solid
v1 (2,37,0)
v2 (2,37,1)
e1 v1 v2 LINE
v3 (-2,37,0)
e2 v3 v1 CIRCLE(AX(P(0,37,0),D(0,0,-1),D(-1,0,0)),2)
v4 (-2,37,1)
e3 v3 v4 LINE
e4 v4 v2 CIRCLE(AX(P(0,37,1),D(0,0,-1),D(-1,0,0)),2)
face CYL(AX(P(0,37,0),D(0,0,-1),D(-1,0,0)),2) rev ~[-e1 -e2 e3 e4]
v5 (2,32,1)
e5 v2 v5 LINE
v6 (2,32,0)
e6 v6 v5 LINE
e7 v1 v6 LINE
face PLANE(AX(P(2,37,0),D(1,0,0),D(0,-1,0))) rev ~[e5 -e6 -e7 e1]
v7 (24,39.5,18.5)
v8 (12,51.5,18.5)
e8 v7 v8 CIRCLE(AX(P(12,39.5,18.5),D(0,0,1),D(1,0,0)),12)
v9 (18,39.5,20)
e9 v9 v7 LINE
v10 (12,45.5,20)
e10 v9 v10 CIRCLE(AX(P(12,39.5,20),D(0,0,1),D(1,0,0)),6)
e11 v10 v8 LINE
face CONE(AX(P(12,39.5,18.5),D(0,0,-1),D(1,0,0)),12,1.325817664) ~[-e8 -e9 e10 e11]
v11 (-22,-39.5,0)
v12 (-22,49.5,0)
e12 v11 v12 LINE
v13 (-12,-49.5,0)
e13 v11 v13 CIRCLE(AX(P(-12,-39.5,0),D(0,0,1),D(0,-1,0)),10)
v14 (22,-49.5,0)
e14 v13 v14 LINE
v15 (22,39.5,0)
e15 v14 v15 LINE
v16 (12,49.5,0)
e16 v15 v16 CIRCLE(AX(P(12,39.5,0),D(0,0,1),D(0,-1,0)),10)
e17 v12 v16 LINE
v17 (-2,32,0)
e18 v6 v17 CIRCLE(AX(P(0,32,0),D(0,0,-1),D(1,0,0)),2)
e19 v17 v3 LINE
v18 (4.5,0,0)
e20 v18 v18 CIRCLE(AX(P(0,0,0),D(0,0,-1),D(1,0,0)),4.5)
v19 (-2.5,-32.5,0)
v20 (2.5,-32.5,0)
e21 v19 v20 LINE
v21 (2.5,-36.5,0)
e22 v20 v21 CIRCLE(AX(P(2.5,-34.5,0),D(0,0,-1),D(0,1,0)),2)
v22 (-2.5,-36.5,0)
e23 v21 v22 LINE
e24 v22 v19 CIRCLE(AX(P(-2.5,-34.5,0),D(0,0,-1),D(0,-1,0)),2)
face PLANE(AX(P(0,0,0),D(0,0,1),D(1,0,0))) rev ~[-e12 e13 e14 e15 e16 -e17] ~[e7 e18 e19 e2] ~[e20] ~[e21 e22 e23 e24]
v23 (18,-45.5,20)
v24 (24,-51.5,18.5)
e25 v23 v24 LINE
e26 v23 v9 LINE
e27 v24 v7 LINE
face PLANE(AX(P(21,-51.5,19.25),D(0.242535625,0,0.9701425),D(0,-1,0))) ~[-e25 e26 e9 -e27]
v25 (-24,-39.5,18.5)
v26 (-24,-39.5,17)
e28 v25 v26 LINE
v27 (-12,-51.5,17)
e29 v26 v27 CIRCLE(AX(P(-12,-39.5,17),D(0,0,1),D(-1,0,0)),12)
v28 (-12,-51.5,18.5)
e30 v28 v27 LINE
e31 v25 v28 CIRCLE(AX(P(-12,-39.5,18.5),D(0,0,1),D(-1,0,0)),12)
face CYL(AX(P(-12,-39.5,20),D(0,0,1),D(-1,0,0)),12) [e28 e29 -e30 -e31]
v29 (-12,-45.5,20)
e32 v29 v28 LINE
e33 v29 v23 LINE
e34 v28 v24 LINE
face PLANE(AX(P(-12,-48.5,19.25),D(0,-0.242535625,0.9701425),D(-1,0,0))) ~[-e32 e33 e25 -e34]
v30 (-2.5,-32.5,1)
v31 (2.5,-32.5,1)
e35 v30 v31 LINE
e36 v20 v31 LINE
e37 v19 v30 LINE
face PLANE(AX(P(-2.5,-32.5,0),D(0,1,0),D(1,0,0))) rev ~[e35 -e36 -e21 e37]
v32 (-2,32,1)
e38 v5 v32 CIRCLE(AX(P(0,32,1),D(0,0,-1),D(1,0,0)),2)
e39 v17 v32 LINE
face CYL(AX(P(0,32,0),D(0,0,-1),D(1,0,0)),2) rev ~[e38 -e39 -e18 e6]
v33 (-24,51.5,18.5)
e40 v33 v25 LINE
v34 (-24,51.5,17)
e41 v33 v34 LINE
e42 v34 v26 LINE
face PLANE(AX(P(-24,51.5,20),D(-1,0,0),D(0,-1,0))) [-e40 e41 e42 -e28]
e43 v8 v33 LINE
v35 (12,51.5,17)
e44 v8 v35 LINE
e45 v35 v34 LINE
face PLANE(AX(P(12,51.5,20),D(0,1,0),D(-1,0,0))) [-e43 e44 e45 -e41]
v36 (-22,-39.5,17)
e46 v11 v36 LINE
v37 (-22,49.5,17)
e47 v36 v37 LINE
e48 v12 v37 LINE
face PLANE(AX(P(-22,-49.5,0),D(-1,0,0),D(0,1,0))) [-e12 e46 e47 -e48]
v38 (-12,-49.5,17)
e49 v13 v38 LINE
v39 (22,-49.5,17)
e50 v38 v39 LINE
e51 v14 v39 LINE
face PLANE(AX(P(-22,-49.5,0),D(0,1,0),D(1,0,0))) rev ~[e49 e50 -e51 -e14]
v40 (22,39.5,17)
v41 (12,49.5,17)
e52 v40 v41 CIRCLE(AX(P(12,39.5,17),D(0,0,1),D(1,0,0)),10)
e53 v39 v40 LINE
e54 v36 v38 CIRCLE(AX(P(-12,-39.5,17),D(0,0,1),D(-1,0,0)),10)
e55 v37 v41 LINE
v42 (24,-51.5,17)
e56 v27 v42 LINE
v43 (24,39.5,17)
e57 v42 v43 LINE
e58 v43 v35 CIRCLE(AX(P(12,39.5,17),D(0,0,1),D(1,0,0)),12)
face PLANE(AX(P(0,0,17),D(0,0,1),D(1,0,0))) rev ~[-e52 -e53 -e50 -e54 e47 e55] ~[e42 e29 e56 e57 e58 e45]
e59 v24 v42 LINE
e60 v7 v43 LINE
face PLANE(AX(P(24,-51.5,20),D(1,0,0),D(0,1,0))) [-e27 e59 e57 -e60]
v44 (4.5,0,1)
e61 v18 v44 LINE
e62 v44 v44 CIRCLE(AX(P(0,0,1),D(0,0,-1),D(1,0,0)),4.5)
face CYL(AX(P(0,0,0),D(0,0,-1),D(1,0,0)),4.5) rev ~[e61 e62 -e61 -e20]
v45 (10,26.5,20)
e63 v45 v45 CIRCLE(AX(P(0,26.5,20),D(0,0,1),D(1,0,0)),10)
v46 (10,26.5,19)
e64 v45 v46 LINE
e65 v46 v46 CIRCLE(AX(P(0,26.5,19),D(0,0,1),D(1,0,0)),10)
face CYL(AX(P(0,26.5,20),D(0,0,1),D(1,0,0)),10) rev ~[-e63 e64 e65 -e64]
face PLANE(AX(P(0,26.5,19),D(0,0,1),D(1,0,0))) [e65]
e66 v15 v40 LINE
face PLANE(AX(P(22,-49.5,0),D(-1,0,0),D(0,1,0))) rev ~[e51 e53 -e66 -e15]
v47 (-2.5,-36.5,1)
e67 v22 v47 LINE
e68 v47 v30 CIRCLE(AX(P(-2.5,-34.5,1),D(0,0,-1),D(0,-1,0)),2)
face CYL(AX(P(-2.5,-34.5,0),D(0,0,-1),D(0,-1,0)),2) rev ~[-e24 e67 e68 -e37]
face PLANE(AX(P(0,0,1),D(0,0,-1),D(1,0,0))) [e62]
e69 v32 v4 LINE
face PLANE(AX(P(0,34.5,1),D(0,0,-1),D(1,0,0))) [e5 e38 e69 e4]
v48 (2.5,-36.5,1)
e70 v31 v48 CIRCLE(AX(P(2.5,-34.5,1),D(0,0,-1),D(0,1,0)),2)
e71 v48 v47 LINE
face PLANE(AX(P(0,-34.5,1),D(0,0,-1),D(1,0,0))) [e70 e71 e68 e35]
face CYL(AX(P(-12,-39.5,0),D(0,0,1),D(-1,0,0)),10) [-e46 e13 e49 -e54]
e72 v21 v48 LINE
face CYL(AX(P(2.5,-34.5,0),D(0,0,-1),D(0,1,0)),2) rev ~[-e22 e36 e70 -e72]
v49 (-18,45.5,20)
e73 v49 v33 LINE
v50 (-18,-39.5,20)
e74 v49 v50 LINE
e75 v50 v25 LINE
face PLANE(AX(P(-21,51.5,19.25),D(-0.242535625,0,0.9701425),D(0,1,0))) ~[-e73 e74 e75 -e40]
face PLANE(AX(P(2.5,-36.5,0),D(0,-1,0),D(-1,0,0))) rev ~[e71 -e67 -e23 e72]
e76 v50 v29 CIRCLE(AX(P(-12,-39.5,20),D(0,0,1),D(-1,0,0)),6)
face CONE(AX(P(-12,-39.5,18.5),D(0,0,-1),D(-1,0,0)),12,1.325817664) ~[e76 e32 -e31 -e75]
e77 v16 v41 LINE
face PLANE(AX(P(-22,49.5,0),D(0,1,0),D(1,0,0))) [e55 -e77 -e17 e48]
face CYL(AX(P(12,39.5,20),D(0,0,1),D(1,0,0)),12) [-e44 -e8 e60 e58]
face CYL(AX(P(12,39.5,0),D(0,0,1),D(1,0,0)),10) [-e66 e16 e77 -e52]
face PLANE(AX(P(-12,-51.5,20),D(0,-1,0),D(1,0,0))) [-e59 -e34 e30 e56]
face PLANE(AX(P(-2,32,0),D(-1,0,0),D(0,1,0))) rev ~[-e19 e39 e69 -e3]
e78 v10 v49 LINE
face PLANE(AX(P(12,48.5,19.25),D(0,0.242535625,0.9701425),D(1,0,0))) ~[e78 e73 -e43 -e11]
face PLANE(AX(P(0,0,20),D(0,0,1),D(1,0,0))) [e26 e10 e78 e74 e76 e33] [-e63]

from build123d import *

# Parameters (mm, degrees)
F0_W     = 44
F0_H     = 99
F1_DEPTH = 20
F2_R     = 10
F4_DEPTH = 3
F5_SIZE2 = 1.5
F5_SIZE  = 6
F6_R     = 10
F7_DEPTH = 1
F8_R     = 4.5
F9_DEPTH = 1


with BuildPart() as f1:
    # F0 (on Top) → F1 (new body)
    with BuildSketch(Plane.XY):
        Rectangle(F0_W, F0_H)
    extrude(amount=F1_DEPTH)

    # F2
    f2_edges = [f1.edges().sort_by_distance(p)[0] for p in [
        (22, 49.5, 10),
        (-22, -49.5, 10),
    ]]
    fillet(f2_edges, radius=F2_R)

    # F3 (on face) → F4 (join)
    with BuildSketch(Plane.XY.offset(20)):
        with BuildLine():
            ThreePointArc((24, 39.5), (20.4852813742, 47.9852813742), (12, 51.5))
            Line((12, 51.5), (-24, 51.5))
            Line((-24, 51.5), (-24, -39.5))
            ThreePointArc((-24, -39.5), (-20.4852813742, -47.9852813742), (-12, -51.5))
            Line((-12, -51.5), (24, -51.5))
            Line((24, -51.5), (24, 39.5))
        make_face()
    extrude(amount=-F4_DEPTH)

    # F5
    f5_edges = [f1.edges().sort_by_distance(p)[0] for p in [
        (20.485281, 47.985281, 20),
        (-6, 51.5, 20),
        (-24, 6, 20),
        (-20.485281, -47.985281, 20),
        (6, -51.5, 20),
        (24, -6, 20),
    ]]
    f5_side = f1.faces().sort_by_distance((0, 0, 20))[0]
    chamfer(f5_edges, length=F5_SIZE, length2=F5_SIZE2, reference=f5_side)

    # F6 (on face) → F7 (cut)
    with BuildSketch(Plane.XY.offset(20)):
        with Locations((0, 26.5)):
            Circle(F6_R)
    extrude(amount=-F7_DEPTH, mode=Mode.SUBTRACT)

    # F8 (on face) → F9 (cut)
    with BuildSketch(Plane(origin=(0, 0, 0), x_dir=(1, 0, 0), z_dir=(0, 0, -1))):
        Circle(F8_R)
        with BuildLine():
            Line((-2, -32), (-2, -37))
            ThreePointArc((-2, -37), (0, -39), (2, -37))
            Line((2, -37), (2, -32))
            ThreePointArc((2, -32), (0, -30), (-2, -32))
        make_face()
        with BuildLine():
            Line((2.5, 36.5), (-2.5, 36.5))
            ThreePointArc((-2.5, 36.5), (-4.5, 34.5), (-2.5, 32.5))
            Line((-2.5, 32.5), (2.5, 32.5))
            ThreePointArc((2.5, 32.5), (4.5, 34.5), (2.5, 36.5))
        make_face()
    extrude(amount=-F9_DEPTH, mode=Mode.SUBTRACT)


solid = f1.part
